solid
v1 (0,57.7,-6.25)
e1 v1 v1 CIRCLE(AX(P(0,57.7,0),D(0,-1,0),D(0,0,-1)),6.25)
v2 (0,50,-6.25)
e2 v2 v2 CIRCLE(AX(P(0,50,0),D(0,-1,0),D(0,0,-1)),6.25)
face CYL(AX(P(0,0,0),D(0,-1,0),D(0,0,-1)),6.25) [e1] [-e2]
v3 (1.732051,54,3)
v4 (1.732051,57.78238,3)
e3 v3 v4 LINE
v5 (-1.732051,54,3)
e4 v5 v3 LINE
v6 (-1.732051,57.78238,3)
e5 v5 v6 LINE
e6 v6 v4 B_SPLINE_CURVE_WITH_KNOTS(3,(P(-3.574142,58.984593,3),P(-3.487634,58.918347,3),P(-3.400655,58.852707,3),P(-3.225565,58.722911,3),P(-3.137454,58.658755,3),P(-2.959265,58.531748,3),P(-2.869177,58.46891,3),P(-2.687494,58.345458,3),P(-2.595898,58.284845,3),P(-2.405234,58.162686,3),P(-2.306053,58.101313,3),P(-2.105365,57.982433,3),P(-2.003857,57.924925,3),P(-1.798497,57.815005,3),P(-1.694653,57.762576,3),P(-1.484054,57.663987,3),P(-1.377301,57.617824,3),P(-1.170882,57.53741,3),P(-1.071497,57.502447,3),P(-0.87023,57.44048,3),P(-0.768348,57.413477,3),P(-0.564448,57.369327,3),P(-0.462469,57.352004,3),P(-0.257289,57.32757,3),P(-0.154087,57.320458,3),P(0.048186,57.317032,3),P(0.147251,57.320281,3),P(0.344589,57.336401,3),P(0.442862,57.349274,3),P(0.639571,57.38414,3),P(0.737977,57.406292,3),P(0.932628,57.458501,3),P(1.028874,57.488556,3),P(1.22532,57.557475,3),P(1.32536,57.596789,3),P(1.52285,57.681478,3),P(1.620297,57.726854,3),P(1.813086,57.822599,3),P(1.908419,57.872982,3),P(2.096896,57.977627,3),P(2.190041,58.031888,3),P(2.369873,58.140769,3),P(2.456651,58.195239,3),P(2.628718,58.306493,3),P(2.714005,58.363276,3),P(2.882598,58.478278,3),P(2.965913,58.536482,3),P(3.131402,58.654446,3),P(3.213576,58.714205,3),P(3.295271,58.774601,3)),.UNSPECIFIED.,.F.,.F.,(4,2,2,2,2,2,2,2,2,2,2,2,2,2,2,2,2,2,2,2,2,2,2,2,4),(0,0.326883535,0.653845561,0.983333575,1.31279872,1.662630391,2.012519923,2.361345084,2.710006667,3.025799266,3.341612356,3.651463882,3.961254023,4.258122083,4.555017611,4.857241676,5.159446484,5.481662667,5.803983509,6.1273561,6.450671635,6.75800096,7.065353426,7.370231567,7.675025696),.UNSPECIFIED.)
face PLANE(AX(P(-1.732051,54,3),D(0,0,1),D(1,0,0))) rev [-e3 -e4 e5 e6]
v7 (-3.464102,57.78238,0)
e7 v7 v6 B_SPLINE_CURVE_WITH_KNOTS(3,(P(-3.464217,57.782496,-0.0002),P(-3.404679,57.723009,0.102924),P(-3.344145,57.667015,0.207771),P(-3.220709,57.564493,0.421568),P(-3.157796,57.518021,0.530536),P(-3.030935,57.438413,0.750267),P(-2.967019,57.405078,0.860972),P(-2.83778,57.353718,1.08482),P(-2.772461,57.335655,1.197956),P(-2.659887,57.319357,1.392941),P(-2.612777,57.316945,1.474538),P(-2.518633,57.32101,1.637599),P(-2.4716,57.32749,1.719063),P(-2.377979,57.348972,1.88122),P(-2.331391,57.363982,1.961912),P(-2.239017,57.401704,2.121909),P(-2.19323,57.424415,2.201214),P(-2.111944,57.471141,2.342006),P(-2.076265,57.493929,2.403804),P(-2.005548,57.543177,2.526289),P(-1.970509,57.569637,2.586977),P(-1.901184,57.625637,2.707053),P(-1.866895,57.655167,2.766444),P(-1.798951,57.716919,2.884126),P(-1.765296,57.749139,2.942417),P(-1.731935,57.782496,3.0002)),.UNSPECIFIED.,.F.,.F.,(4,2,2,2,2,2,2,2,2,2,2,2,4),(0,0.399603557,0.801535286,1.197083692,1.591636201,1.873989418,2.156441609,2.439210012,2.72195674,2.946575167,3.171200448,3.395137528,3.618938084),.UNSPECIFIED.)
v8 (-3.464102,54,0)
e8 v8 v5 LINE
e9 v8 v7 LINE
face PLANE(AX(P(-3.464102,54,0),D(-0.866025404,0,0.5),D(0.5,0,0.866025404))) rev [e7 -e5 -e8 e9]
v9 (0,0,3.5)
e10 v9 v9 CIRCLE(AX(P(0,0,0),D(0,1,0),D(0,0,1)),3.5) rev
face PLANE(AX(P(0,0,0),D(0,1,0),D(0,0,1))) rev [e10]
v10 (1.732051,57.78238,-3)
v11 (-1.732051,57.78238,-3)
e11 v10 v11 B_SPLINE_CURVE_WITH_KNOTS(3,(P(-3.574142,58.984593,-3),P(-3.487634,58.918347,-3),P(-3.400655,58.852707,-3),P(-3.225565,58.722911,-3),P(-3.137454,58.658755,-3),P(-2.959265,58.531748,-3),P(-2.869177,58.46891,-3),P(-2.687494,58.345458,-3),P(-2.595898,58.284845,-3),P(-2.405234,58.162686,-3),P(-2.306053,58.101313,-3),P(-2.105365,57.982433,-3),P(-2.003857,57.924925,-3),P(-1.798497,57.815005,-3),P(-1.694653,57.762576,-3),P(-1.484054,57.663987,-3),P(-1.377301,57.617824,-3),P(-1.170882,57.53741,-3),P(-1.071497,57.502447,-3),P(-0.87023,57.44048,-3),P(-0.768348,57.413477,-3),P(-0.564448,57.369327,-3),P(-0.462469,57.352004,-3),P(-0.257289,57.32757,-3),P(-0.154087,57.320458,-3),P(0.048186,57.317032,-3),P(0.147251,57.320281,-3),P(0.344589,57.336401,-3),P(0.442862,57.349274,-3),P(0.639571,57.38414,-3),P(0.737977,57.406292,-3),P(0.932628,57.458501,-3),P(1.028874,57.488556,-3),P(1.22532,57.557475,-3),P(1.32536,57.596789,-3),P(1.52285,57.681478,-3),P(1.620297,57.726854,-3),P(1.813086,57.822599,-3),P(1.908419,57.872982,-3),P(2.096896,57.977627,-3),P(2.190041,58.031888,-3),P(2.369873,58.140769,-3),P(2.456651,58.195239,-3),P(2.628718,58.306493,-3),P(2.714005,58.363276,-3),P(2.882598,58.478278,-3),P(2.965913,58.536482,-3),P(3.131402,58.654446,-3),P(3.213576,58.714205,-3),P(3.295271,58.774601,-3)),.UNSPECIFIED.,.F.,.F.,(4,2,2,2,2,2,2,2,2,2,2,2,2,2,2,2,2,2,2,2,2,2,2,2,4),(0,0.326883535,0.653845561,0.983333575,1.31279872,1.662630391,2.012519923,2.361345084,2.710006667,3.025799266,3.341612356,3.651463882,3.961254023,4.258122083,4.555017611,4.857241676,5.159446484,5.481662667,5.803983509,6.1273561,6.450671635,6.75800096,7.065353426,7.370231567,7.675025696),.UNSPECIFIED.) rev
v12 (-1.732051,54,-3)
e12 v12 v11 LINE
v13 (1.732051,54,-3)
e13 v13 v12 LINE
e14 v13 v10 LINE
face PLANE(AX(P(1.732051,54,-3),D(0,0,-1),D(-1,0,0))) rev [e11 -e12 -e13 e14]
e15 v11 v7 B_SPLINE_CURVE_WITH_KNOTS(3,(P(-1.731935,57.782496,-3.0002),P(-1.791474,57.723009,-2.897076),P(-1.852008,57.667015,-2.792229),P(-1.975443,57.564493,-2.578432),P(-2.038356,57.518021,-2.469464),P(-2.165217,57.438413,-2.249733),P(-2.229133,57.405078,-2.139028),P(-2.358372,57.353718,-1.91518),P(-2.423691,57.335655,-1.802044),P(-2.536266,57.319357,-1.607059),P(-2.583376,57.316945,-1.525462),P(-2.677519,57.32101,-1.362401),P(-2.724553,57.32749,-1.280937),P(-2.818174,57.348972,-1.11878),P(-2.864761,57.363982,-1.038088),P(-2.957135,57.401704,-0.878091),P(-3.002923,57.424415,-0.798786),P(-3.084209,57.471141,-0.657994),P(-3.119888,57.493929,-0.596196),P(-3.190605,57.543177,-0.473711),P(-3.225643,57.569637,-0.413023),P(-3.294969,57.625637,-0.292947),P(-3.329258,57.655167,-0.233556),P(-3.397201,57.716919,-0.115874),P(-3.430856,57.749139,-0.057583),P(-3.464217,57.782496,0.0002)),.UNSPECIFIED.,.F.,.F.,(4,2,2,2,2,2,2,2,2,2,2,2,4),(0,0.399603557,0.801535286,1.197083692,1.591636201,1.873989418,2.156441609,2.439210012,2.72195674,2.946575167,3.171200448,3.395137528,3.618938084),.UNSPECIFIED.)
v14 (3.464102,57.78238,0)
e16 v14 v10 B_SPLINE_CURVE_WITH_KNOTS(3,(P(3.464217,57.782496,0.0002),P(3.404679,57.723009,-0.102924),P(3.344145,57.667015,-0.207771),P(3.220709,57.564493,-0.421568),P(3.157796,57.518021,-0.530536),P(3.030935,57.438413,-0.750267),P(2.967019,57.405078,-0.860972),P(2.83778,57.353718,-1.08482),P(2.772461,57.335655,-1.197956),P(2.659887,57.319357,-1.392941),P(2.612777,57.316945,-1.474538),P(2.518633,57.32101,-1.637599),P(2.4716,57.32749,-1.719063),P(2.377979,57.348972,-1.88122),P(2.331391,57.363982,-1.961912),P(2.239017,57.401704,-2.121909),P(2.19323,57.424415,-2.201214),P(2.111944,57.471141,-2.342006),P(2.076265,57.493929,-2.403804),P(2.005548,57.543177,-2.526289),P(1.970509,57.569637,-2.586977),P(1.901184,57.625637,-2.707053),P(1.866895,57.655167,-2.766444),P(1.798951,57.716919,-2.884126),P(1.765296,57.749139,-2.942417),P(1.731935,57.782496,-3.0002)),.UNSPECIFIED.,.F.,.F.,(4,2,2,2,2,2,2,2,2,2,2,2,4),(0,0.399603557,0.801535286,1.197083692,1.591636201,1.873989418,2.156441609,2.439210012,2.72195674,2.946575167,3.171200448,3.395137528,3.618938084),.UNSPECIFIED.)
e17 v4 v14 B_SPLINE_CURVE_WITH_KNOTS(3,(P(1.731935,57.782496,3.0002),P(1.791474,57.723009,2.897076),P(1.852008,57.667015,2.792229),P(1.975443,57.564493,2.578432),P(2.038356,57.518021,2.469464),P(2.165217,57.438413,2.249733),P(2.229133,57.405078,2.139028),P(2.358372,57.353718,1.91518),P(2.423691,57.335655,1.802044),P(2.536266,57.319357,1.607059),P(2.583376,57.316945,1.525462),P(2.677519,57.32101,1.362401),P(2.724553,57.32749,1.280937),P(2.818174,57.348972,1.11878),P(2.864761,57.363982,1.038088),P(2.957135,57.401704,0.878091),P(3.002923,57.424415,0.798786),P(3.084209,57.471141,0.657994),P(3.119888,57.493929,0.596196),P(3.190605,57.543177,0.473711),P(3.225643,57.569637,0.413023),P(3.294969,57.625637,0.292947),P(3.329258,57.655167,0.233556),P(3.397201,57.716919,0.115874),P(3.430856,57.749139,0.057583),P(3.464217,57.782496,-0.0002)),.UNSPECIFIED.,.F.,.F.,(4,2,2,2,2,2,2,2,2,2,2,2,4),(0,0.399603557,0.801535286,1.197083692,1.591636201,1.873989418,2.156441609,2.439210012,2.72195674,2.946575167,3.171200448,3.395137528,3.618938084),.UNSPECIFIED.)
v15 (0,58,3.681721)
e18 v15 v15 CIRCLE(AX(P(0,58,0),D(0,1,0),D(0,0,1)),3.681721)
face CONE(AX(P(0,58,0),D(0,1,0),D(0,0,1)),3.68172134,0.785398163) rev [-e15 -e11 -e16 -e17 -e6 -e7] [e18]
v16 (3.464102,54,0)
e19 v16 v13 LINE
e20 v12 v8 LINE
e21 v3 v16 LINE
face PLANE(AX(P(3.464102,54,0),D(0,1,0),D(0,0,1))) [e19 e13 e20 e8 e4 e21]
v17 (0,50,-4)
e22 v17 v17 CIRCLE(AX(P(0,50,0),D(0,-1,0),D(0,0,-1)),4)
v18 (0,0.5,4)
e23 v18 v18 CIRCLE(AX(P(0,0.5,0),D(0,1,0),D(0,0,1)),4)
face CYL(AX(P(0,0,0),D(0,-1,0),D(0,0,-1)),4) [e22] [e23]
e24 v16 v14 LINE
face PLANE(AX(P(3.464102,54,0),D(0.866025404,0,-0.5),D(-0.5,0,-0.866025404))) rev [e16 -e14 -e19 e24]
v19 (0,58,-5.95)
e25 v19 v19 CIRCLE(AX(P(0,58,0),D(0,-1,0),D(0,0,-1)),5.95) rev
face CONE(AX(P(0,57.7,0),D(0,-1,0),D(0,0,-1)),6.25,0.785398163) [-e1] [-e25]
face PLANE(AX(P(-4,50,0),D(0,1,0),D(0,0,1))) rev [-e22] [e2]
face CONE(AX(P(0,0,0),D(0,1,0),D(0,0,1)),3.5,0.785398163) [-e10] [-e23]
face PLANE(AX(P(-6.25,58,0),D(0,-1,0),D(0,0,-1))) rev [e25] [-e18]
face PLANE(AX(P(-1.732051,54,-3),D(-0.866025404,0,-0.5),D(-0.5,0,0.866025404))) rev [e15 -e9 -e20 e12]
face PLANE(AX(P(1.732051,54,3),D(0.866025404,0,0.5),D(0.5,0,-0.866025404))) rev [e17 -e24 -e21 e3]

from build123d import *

# Parameters (mm, degrees)
WYCI_GNI_CIE1_DEPTH        = 4
SFAZOWANIE1_SIZE           = 0.3
SZKIC3_R                   = 3.68172134
WYTNIJ_WYCI_GNI_CIE1_DEPTH = 2
WYTNIJ_WYCI_GNI_CIE1_DRAFT = -45
SFAZOWANIE2_SIZE           = 0.5


with BuildPart() as part:
    # Szkic1 → Obrót1 (revolve)
    with BuildSketch(Plane.XY, mode=Mode.PRIVATE) as obr_t1_sk:
        Polygon((0, 0), (-4, 0), (-4, 50), (-6.25, 50), (-6.25, 58), (0, 58), align=None)
    revolve(obr_t1_sk.sketch.rotate(Axis((0, 0, 0), (0, 1, 0)), 270), axis=Axis((0, 0, 0), (0, 1, 0)))

    # Szkic2 → Wyciągnięcie1 (cut)
    with BuildSketch(Plane(origin=(0, 58, 0), x_dir=(1, 0, 0), z_dir=(0, 1, 0))):
        Polygon((3.464101615, 0), (1.732050808, 3), (-1.732050808, 3), (-3.464101615, 0), (-1.732050808, -3), (1.732050808, -3), align=None)
    extrude(amount=-WYCI_GNI_CIE1_DEPTH, mode=Mode.SUBTRACT)

    # Sfazowanie1
    sfazowanie1_edges = [part.edges().sort_by_distance(p)[0] for p in [
        (0, 58, 6.25),
    ]]
    chamfer(sfazowanie1_edges, length=SFAZOWANIE1_SIZE)


with BuildPart() as wytnij_wyci_gni_cie1_tool:
    # Szkic3 → Wytnij-wyciągnięcie1 (with draft: the straight prism first)
    with BuildSketch(Plane(origin=(0, 58, 0), x_dir=(1, 0, 0), z_dir=(0, 1, 0))):
        Circle(SZKIC3_R)
    extrude(amount=-WYTNIJ_WYCI_GNI_CIE1_DEPTH)
    # Wytnij-wyciągnięcie1: the draft: its side faces are tilted about the plane it starts from
    wytnij_wyci_gni_cie1_sides = [wytnij_wyci_gni_cie1_tool.faces().sort_by_distance(p)[0] for p in [
        (-3.68172134, 57, 0),
    ]]
    draft(wytnij_wyci_gni_cie1_sides, Plane(origin=(0, 58, 0), x_dir=(1, 0, 0), z_dir=(0, 1, 0)), WYTNIJ_WYCI_GNI_CIE1_DRAFT)


with BuildPart() as part_1:
    add(part.part)

    # Wytnij-wyciągnięcie1: cut by wytnij_wyci_gni_cie1_tool
    add(wytnij_wyci_gni_cie1_tool.part, mode=Mode.SUBTRACT)

    # Sfazowanie2
    sfazowanie2_edges = [part_1.edges().sort_by_distance(p)[0] for p in [
        (0, 0, 4),
    ]]
    chamfer(sfazowanie2_edges, length=SFAZOWANIE2_SIZE)


solid = part_1.part
